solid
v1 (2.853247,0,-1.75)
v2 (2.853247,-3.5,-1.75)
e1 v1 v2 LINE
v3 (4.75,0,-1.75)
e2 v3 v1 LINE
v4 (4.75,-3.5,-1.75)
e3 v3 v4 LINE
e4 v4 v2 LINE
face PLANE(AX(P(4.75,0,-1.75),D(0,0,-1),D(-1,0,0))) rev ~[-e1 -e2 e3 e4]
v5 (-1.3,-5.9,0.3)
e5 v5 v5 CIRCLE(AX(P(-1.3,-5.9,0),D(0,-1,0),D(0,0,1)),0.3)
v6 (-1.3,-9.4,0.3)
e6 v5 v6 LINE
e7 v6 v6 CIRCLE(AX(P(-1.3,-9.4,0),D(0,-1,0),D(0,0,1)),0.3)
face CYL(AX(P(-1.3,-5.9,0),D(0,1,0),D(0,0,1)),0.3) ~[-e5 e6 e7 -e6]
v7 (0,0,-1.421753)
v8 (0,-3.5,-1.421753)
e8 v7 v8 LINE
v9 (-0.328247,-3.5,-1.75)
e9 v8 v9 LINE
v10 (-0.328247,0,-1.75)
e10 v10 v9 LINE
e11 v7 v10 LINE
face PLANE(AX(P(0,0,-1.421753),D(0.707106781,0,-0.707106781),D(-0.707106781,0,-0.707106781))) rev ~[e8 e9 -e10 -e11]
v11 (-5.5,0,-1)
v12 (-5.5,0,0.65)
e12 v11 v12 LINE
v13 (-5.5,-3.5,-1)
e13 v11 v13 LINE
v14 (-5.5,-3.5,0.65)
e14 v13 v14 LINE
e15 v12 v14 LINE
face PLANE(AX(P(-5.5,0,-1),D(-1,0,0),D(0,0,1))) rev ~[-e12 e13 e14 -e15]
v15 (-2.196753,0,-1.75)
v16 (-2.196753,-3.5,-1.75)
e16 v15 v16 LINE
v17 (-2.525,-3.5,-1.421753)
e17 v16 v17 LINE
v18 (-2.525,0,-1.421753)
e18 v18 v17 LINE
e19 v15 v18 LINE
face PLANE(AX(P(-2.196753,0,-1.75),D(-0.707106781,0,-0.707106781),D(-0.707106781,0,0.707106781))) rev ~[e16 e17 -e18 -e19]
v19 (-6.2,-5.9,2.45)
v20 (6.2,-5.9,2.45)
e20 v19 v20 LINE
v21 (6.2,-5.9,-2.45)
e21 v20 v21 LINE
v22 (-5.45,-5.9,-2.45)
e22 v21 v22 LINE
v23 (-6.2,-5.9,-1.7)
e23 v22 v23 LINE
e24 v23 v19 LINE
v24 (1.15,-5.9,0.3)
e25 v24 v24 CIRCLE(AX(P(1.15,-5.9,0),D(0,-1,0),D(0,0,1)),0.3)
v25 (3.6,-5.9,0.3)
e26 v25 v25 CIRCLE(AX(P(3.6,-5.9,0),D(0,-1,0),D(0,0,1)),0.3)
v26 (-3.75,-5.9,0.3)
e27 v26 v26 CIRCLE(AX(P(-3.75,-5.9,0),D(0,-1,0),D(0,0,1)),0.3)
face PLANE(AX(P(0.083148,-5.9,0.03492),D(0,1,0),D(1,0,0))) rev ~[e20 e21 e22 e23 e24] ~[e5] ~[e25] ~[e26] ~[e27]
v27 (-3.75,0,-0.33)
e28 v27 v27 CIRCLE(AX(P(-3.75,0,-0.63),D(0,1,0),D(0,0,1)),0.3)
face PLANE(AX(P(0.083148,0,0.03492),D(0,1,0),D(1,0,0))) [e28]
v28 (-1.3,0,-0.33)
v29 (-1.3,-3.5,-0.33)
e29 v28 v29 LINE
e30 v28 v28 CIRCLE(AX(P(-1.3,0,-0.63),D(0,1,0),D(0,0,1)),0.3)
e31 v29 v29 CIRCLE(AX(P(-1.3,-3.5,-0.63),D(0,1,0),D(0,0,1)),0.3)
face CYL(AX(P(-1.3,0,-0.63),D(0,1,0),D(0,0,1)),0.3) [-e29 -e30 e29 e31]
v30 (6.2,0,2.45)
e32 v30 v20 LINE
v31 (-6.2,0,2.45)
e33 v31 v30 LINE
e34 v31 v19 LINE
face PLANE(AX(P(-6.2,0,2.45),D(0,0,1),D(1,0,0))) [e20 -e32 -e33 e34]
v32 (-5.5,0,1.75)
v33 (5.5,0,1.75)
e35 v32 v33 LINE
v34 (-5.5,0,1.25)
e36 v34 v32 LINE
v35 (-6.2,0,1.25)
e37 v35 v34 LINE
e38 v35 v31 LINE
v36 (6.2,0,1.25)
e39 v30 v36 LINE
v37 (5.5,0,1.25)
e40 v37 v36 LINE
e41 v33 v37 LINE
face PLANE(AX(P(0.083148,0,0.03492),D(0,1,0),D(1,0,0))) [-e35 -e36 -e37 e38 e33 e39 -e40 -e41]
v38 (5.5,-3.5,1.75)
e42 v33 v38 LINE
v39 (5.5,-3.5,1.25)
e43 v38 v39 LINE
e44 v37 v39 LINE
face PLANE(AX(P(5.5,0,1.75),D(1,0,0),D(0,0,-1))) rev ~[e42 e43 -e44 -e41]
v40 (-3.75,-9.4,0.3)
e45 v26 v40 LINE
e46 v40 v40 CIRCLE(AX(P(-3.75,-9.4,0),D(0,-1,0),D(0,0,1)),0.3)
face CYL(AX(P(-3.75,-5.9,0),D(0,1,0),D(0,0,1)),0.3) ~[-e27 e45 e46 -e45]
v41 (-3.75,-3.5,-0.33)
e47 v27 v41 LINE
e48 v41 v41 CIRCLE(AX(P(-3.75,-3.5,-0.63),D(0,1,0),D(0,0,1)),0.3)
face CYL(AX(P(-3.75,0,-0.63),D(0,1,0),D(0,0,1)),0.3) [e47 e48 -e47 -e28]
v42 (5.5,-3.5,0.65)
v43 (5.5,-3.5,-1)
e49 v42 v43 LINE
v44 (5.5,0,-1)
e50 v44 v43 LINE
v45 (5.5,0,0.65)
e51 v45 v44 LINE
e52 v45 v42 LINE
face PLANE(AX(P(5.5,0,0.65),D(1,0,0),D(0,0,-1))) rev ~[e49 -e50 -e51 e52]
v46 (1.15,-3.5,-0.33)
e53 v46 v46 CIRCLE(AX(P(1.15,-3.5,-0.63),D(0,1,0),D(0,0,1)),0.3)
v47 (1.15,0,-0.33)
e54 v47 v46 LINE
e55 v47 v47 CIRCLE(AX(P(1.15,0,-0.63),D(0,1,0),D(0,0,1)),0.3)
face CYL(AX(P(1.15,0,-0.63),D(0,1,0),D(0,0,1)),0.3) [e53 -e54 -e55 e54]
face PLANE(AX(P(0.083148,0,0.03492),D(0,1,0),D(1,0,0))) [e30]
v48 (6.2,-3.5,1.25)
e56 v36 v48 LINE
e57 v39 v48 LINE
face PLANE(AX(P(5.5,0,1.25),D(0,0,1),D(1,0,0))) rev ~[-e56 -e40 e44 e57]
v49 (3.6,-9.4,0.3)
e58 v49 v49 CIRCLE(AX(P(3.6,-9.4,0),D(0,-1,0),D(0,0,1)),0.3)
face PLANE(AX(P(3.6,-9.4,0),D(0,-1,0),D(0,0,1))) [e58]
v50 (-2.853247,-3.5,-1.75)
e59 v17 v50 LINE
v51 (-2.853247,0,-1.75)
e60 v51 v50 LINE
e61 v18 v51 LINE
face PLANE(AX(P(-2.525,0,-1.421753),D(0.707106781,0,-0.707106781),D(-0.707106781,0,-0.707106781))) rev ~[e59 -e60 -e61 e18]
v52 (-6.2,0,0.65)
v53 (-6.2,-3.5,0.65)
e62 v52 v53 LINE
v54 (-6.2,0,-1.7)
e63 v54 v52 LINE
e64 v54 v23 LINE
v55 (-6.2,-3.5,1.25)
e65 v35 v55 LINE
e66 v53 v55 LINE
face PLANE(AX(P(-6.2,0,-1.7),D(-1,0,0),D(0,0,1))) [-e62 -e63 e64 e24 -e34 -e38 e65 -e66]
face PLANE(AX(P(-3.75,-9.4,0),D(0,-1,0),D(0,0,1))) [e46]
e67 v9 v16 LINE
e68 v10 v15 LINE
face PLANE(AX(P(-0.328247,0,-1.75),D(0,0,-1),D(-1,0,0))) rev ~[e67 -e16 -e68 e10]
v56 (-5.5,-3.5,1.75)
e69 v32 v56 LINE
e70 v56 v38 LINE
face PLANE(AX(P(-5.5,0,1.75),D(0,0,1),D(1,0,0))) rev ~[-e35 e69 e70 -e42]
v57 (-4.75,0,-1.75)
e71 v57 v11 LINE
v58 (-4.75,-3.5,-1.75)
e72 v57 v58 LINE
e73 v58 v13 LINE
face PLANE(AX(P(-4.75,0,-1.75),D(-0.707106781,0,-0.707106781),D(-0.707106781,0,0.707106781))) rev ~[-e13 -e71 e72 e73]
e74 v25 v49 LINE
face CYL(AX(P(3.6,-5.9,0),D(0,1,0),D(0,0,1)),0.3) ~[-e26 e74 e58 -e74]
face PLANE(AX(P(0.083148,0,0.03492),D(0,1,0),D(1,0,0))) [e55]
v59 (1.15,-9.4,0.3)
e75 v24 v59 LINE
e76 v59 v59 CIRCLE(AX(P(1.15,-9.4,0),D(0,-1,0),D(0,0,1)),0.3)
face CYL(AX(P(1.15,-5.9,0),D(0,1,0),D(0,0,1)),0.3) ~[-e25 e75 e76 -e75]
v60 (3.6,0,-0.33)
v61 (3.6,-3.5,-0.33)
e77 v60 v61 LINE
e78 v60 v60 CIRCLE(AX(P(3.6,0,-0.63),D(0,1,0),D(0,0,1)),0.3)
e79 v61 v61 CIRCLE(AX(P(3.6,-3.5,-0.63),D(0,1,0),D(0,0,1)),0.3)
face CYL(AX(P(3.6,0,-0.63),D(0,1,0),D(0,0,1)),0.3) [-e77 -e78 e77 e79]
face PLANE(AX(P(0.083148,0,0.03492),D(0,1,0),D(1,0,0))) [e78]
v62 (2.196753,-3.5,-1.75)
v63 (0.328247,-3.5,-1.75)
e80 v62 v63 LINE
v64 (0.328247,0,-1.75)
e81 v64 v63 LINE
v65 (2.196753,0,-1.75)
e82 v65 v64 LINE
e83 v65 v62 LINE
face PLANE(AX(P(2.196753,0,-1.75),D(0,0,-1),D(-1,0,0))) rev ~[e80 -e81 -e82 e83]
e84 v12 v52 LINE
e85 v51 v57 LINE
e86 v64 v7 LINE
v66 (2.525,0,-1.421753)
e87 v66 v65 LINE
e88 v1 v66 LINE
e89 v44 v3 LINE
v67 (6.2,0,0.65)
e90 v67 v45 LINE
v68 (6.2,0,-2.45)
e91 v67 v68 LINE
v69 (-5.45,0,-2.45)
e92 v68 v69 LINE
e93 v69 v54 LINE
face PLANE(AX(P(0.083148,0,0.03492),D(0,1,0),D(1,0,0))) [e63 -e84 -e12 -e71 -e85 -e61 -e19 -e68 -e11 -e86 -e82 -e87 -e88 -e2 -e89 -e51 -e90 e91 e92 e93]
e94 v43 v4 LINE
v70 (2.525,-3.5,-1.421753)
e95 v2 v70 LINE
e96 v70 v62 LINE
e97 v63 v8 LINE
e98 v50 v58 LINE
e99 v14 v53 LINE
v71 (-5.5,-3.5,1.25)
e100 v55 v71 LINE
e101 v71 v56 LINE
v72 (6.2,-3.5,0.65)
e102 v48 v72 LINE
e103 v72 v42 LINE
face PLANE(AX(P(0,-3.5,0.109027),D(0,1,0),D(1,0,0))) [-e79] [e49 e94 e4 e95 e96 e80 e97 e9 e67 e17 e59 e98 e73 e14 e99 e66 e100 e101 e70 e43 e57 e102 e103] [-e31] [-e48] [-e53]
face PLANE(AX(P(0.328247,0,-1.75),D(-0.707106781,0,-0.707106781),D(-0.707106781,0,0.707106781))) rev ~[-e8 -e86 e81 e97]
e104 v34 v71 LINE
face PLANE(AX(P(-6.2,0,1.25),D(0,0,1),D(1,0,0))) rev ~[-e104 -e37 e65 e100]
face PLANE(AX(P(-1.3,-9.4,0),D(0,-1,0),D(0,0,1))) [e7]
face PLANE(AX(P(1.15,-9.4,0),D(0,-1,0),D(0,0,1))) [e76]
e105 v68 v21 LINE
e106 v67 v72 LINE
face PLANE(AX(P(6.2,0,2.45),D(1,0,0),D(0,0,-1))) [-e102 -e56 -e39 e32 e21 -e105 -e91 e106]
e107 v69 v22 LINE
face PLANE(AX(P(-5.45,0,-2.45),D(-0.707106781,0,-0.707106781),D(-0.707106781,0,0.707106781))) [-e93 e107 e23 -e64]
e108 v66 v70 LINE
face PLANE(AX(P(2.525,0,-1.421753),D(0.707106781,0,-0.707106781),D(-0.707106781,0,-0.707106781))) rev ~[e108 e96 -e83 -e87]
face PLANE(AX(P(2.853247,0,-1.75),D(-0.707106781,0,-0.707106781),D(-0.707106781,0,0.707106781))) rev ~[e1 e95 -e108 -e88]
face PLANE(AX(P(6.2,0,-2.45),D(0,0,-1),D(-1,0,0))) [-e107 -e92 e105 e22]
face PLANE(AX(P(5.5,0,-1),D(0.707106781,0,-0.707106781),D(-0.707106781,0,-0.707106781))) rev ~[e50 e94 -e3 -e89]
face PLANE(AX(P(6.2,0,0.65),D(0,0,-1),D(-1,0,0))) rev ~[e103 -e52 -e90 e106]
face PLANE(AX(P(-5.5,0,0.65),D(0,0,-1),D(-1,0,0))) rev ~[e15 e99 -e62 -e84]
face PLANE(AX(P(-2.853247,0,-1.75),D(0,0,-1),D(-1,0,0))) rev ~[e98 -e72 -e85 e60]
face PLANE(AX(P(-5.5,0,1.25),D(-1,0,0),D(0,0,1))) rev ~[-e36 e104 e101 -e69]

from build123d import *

# Parameters (mm, degrees)
BOSS_EXTRUDE1_DEPTH = 5.9
SKETCH2_R           = 0.3
BOSS_EXTRUDE2_DEPTH = 3.5
SKETCH3_R           = 0.3
CUT_EXTRUDE1_DEPTH  = 3.5


with BuildPart() as part:
    # Sketch1 → Boss-Extrude1 (new body)
    with BuildSketch(Plane(origin=(0, 0, 0), x_dir=(1, 0, 0), z_dir=(0, 1, 0))):
        Polygon((-5.45, 2.45), (-6.2, 1.7), (-6.2, -2.45), (6.2, -2.45), (6.2, 2.45), align=None)
    extrude(amount=-BOSS_EXTRUDE1_DEPTH)

    # Sketch2 → Boss-Extrude2 (add)
    with BuildSketch(Plane.XZ.offset(5.9)):
        with Locations(Location((-3.75, 0, 0), (0, 0, 90))):
            Circle(SKETCH2_R)
        with Locations(Location((-1.3, 0, 0), (0, 0, 90))):
            Circle(SKETCH2_R)
        with Locations(Location((1.15, 0, 0), (0, 0, 90))):
            Circle(SKETCH2_R)
        with Locations(Location((3.6, 0, 0), (0, 0, 90))):
            Circle(SKETCH2_R)
    extrude(amount=BOSS_EXTRUDE2_DEPTH)

    # Sketch3 → Cut-Extrude1 (cut)
    with BuildSketch(Plane(origin=(0, 0, 0), x_dir=(1, 0, 0), z_dir=(0, 1, 0))):
        Polygon((-2.853247496, 1.75), (-4.75, 1.75), (-5.5, 1), (-5.5, -0.65), (-6.2, -0.65), (-6.2, -1.25), (-5.5, -1.25), (-5.5, -1.75), (5.5, -1.75), (5.5, -1.25), (6.2, -1.25), (6.2, -0.65), (5.5, -0.65), (5.5, 1), (4.75, 1.75), (2.853247496, 1.75), (2.525, 1.421752504), (2.196752504, 1.75), (0.328247496, 1.75), (0, 1.421752504), (-0.328247496, 1.75), (-2.196752504, 1.75), (-2.525, 1.421752504), align=None)
        with Locations(Location((-3.75, 0.63, 0), (0, 0, 270))):
            Circle(SKETCH3_R, mode=Mode.SUBTRACT)
        with Locations(Location((-1.3, 0.63, 0), (0, 0, 270))):
            Circle(SKETCH3_R, mode=Mode.SUBTRACT)
        with Locations(Location((1.15, 0.63, 0), (0, 0, 270))):
            Circle(SKETCH3_R, mode=Mode.SUBTRACT)
        with Locations(Location((3.6, 0.63, 0), (0, 0, 270))):
            Circle(SKETCH3_R, mode=Mode.SUBTRACT)
    extrude(amount=-CUT_EXTRUDE1_DEPTH, mode=Mode.SUBTRACT)


solid = part.part
